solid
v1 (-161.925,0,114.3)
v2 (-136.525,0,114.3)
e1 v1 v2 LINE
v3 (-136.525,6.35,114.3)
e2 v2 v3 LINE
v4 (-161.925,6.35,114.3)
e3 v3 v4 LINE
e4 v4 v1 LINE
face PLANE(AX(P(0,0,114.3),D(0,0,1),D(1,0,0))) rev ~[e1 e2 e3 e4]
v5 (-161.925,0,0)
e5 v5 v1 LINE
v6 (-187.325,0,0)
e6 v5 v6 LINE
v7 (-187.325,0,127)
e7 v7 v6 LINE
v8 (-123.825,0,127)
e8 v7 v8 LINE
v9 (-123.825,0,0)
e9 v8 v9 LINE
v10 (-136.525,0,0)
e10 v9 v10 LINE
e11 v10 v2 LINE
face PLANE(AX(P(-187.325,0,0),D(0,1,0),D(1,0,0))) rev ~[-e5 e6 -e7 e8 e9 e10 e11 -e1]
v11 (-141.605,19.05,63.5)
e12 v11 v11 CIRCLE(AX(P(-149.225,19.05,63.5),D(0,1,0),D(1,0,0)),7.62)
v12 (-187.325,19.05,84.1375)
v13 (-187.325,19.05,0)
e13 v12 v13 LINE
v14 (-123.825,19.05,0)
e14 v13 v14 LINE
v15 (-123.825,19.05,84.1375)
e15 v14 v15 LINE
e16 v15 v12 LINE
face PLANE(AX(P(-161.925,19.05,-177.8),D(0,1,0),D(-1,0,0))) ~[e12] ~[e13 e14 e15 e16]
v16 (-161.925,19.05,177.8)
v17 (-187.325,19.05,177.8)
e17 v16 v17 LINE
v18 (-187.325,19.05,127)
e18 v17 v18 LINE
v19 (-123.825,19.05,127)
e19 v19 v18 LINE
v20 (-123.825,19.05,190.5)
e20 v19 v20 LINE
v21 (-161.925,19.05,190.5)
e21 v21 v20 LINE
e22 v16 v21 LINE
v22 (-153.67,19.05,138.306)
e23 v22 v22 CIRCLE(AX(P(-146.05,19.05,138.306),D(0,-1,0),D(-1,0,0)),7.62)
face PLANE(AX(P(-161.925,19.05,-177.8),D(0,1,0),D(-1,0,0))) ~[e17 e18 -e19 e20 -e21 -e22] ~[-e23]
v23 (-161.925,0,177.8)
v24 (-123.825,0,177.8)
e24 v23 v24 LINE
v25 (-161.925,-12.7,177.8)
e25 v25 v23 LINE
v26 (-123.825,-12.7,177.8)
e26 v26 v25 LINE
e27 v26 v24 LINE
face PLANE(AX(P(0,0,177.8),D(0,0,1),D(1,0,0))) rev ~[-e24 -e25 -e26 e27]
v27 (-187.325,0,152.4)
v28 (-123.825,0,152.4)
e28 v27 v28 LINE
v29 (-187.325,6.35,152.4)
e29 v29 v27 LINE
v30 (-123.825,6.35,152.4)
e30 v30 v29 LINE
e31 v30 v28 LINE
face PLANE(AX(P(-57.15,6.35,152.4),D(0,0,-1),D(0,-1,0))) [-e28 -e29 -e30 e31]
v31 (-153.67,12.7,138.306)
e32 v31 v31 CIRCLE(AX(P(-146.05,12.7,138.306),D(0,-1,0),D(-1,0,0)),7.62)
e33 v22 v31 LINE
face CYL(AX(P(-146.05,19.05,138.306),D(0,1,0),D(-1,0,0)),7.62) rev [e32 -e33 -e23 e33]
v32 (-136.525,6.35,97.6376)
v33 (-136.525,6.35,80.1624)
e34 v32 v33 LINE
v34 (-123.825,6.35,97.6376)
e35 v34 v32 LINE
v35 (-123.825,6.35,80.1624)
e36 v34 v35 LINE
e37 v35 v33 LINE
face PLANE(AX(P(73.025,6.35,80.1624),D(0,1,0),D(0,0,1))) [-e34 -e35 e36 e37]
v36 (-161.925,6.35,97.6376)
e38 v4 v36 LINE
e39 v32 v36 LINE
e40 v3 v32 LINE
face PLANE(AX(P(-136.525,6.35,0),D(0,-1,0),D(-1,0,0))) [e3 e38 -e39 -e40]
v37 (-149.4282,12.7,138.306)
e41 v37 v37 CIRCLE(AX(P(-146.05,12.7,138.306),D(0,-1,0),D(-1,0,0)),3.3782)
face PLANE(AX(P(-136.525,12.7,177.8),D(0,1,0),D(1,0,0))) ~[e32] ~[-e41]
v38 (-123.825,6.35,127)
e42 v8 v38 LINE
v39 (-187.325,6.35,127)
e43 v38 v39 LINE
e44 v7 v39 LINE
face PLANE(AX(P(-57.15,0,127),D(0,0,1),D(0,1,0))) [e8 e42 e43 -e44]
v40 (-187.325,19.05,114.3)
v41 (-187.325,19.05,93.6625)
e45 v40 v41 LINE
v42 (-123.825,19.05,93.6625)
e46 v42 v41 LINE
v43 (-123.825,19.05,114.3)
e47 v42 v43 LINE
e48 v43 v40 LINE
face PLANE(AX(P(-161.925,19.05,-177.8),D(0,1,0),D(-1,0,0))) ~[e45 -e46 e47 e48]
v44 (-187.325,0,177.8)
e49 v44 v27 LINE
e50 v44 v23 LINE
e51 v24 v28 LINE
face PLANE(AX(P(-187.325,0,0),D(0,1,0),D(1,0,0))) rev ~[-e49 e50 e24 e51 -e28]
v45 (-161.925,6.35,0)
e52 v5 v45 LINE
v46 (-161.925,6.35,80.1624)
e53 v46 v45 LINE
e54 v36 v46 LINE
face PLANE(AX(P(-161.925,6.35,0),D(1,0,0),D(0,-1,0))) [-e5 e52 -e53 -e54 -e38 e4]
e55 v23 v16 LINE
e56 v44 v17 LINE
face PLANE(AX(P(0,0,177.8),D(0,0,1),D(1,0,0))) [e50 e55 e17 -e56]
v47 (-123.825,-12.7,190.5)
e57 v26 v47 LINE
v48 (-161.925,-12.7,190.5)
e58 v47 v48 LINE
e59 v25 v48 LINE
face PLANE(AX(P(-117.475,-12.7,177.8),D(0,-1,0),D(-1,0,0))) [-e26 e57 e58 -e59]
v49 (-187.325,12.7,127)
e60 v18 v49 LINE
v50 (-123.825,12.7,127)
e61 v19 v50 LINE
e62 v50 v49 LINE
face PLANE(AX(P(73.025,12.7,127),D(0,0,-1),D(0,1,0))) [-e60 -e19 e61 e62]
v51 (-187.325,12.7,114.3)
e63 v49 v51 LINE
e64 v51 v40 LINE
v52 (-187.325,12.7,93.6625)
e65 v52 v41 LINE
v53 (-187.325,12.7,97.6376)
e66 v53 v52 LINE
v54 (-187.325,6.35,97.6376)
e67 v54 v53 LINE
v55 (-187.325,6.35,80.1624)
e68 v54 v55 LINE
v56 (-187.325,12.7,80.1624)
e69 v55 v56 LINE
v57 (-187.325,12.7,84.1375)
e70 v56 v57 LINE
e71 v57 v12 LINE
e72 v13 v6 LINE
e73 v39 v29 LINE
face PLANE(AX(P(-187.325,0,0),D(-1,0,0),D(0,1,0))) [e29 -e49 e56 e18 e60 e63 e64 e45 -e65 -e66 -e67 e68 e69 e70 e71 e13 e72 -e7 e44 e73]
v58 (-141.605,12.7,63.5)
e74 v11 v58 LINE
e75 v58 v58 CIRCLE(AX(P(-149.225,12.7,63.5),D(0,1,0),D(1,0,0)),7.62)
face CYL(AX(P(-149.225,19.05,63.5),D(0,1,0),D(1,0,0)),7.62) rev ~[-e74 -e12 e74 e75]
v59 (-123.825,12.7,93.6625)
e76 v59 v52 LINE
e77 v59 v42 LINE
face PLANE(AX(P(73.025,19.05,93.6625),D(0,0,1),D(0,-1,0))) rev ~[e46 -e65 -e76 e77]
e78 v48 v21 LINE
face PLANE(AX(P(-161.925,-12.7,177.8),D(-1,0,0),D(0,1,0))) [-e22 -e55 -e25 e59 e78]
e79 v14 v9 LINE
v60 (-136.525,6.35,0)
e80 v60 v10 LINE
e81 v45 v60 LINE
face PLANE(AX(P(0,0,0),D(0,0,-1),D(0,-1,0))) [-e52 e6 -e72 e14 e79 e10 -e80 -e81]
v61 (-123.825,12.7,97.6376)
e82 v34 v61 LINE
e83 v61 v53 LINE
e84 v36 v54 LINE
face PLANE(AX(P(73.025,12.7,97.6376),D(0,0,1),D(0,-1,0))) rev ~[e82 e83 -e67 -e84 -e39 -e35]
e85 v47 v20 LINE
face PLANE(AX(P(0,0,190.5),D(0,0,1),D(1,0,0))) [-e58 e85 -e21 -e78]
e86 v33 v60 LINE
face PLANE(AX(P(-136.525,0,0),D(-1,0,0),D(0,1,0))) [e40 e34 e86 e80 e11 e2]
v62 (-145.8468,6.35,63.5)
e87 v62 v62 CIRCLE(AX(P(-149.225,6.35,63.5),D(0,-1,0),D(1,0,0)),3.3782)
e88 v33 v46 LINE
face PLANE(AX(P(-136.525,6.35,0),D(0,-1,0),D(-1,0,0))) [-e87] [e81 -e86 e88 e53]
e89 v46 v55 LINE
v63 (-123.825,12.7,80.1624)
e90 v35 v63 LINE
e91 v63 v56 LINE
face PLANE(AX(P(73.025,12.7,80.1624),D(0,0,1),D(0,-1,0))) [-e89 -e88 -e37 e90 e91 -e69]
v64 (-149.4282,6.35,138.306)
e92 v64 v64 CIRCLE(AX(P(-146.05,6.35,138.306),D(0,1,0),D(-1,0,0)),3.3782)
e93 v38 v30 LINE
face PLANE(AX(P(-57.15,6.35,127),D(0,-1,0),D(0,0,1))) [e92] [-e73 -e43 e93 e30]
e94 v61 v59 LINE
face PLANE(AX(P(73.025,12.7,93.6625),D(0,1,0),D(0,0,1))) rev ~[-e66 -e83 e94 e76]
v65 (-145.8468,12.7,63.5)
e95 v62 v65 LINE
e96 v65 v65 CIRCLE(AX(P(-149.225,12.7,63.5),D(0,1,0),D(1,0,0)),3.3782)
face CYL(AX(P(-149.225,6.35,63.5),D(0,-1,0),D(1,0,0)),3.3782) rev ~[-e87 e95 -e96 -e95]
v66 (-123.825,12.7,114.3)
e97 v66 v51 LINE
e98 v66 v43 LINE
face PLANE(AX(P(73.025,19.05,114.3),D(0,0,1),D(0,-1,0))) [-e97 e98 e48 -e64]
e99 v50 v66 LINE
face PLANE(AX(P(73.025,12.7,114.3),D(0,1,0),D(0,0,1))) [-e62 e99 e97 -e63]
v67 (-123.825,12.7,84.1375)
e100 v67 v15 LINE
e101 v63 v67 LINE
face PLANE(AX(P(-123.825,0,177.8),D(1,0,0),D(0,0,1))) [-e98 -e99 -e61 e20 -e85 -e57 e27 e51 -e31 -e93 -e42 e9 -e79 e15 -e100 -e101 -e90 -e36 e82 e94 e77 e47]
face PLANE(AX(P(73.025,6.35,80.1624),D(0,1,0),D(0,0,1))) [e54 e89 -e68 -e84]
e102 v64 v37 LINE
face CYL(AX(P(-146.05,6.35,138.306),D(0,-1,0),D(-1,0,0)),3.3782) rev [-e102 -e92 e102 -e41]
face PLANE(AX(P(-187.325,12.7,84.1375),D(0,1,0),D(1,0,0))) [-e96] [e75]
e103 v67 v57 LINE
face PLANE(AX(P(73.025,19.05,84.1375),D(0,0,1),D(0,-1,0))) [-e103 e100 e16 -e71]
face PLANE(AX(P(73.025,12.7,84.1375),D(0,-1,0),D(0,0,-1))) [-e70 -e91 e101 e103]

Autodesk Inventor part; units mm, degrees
ref_plane "YZ Plane" through (0, 0, 0) normal (1, 0, 0) x (0, 1, 0)
ref_plane "XZ Plane" through (0, 0, 0) normal (0, 1, 0) x (-1, 0, 0)
sketch "Sketch3" plane through (0, 0, 0) normal (0, 0, 1) x (1, 0, 0)
  line L0 (0, -9.525) -> (9.525, -9.525)
  line L1 (9.525, -9.525) -> (9.525, 0)
  line L2 (0, 0) -> (0, -9.525) construction
  line L3 (0, 0) -> (9.525, 0) construction
  line L4 (0, -9.525) -> (-9.525, -9.525)
  line L5 (-9.525, -9.525) -> (-9.525, 0)
  line L6 (9.525, 0) -> (73.025, 0)
  line L7 (-187.325, 0) -> (-187.325, 19.05)
  line L8 (-187.325, 0) -> (-9.525, 0)
  line L9 (73.025, 0) -> (73.025, 19.05)
  line L10 (73.025, 19.05) -> (-187.325, 19.05)
  dimension "d0" = 9.525
  dimension "d1" = 9.525
  dimension "d6" = 63.5
  dimension "d8" = 19.05
  dimension "d9" = 177.8
extrude "Extrusion1" add sketch "Sketch3" along normal mid plane 355.6
sketch "Sketch4" plane through (0, 0, 177.8) normal (0, 0, 1) x (1, 0, 0)
  line L0 (-187.325, 19.05) -> (73.025, 19.05) construction
  line L1 (0, 19.05) -> (0, -9.525) construction
  line L2 (9.525, -9.525) -> (-9.525, -9.525) construction
  line L3 (0, -9.525) -> (-22.225, -9.525)
  line L4 (-22.225, -9.525) -> (-22.225, 19.05)
  line L5 (-22.225, 19.05) -> (0, 19.05)
  line L6 (187.325, 19.05) -> (-73.025, 19.05) construction
  line L7 (0, -9.525) -> (22.225, -9.525)
  line L8 (22.225, -9.525) -> (22.225, 19.05)
  line L9 (0, 19.05) -> (22.225, 19.05)
  point P0 (0, 0)
  dimension "d12" = 22.225
extrude "Extrusion2" add sketch "Sketch4" along normal blind 12.7
mirror "Mirror1" about plane through (0, 0, 0) normal (0, 0, 1) of "Extrusion2"
sketch "Sketch6" plane through (-187.325, 0, -177.8) normal (0, -1, 0) x (1, 0, 0)
  line L0 (82.55, 165.1) -> (88.9, 165.1)
  line L1 (88.9, 165.1) -> (88.9, 190.5)
  line L2 (88.9, 190.5) -> (82.55, 190.5)
  line L3 (82.55, 190.5) -> (82.55, 165.1)
  line L4 (82.55, 165.1) -> (88.9, 190.5) construction
  line L5 (88.9, 165.1) -> (82.55, 190.5) construction
  line L6 (177.8, 0) -> (177.8, 355.6) projected
  point P0 (187.325, 177.8)
  point P1 (85.725, 177.8)
  dimension "d16" = 12.7
  dimension "d18" = 6.35
  dimension "d19" = 88.9
extrude "Extrusion3" cut sketch "Sketch6" against normal through all
sketch "Sketch7" plane through (0, 0, 177.8) normal (0, 0, 1) x (1, 0, 0)
  line L0 (-187.325, 19.05) -> (-22.225, 19.05) projected
  line L1 (-161.925, 19.05) -> (-117.475, 19.05)
  line L2 (-117.475, 19.05) -> (-117.475, -12.7)
  line L3 (-117.475, -12.7) -> (-161.925, -12.7)
  line L4 (-161.925, -12.7) -> (-161.925, 19.05)
  line L5 (-187.325, 19.05) -> (-187.325, 0) projected
  point P0 (0, 0)
  dimension "d22" = 44.45
  dimension "d23" = 31.75
  dimension "d24" = 25.4
extrude "Extrusion4" add sketch "Sketch7" along normal blind 12.7
mirror "Mirror2" about plane through (0, 0, 0) normal (0, 0, 1) of "Extrusion4"
sketch "Sketch9" plane through (73.025, 0, 177.8) normal (1, 0, 0) x (0, 0, -1)
  line L0 (355.6, 19.05) -> (0, 19.05) projected
  line L1 (50.8, 19.05) -> (63.5, 19.05)
  line L2 (63.5, 19.05) -> (63.5, 12.7)
  line L3 (63.5, 12.7) -> (50.8, 12.7)
  line L4 (50.8, 12.7) -> (50.8, 19.05)
  line L5 (0, 0) -> (0, 19.05) projected
  point P0 (177.8, 0)
  dimension "d28" = 12.7
  dimension "d29" = 6.35
  dimension "d30" = 50.8
extrude "Extrusion5" cut sketch "Sketch9" against normal through all
mirror "Mirror3" about plane through (0, 0, 0) normal (0, 0, 1) of "Extrusion5"
sketch "Sketch12" plane through (73.025, 0, 177.8) normal (1, 0, 0) x (0, 0, -1)
  line L0 (355.6, 0) -> (0, 0) construction
  line L1 (88.9, 0) -> (88.9, 16.5009) construction
  line L2 (0, 0) -> (0, 19.05) projected
  line L3 (50.8, 19.05) -> (0, 19.05) projected
  line L4 (84.1375, 19.05) -> (84.1375, 12.7)
  line L5 (84.1375, 12.7) -> (80.1624, 12.7)
  line L6 (80.1624, 12.7) -> (80.1624, 6.35)
  line L7 (80.1624, 6.35) -> (88.9, 6.35)
  line L8 (93.6625, 19.05) -> (93.6625, 12.7)
  line L9 (93.6625, 12.7) -> (97.6376, 12.7)
  line L10 (97.6376, 12.7) -> (97.6376, 6.35)
  line L11 (97.6376, 6.35) -> (88.9, 6.35)
  line L12 (84.1375, 19.05) -> (93.6625, 19.05)
  point P0 (177.8, 0)
  dimension "d46" = 88.9
  dimension "d47" = 4.7625
  dimension "d48" = 6.35
  dimension "d49" = 6.35
  dimension "d50" = 8.7376
extrude "Extrusion8" cut sketch "Sketch12" against normal through all
mirror "Mirror4" about plane through (0, 0, 0) normal (0, 0, 1) of "Extrusion8"
ref_plane "Work Plane1" through (-57.15, 0, 177.8) normal (1, 0, 0) x (0, 0, -1)
sketch "Sketch13" plane through (-57.15, 0, 177.8) normal (1, 0, 0) x (0, 0, -1)
  line L0 (25.4, 0) -> (50.8, 0)
  line L1 (50.8, 0) -> (50.8, 6.35)
  line L2 (50.8, 6.35) -> (25.4, 6.35)
  line L3 (25.4, 6.35) -> (25.4, 0)
  line L4 (0, 0) -> (0, 19.05) projected
  point P0 (177.8, 0)
  dimension "d54" = 25.4
  dimension "d55" = 6.35
  dimension "d56" = 25.4
extrude "Extrusion9" cut sketch "Sketch13" along normal mid plane 260.35
mirror "Mirror5" about plane through (0, 0, 0) normal (0, 0, 1) of "Extrusion9"
sketch "Sketch14" plane through (0, 0, 0) normal (0, 0, 1) x (1, 0, 0)
  line L0 (-187.325, 0) -> (-161.925, 0) projected
  line L1 (-161.925, 0) -> (-136.525, 0)
  line L2 (-136.525, 0) -> (-136.525, 6.35)
  line L3 (-136.525, 6.35) -> (-161.925, 6.35)
  line L4 (-161.925, 6.35) -> (-161.925, 0)
  line L5 (-187.325, 19.05) -> (-187.325, 0) projected
  point P0 (0, 0)
  dimension "d59" = 25.4
  dimension "d60" = 6.35
  dimension "d61" = 25.4
extrude "Extrusion10" cut sketch "Sketch14" along normal mid plane 228.6
mirror "Mirror6" about plane through (-57.15, 0, 177.8) normal (1, 0, 0) of "Extrusion10"
sketch "Sketch16" plane through (-161.925, 6.35, -80.1624) normal (0, -1, 0) x (1, 0, 0)
  circle A0 centre (12.7, 143.6624) radius 3.3782
  line L0 (0, 194.4624) -> (25.4, 194.4624) projected
  line L1 (0, -34.1376) -> (0, 194.4624) projected
  point P0 (161.925, 80.1624)
  dimension "d71" = 6.7564
  dimension "d72" = 50.8
  dimension "d73" = 12.7
extrude "Extrusion11" cut sketch "Sketch16" against normal through all
sketch "Sketch17" plane through (-187.325, 19.05, 84.1375) normal (0, 1, 0) x (1, 0, 0)
  circle A0 centre (38.1, 20.6375) radius 3.3782 projected
  circle A1 centre (38.1, 20.6375) radius 7.62
  point P0 (187.325, 84.1375)
  dimension "d76" = 15.24
extrude "Extrusion12" cut sketch "Sketch17" against normal blind 6.35
mirror "Mirror7" about plane through (0, 0, 0) normal (0, 0, 1) of "Extrusion12", "Extrusion11"
mirror "Mirror8" about plane through (-57.15, 0, 177.8) normal (1, 0, 0) of "Extrusion12", "Extrusion11", "Mirror7"
sketch "Sketch18" plane through (-171.45, 6.35, 152.4) normal (0, -1, 0) x (1, 0, 0)
  circle A0 centre (203.2, -14.094) radius 3.3782
  line L0 (228.6, 0) -> (228.6, -25.4) projected
  point P0 (171.45, -152.4)
  dimension "d79" = 6.7564
  dimension "d80" = 25.4
extrude "Extrusion13" cut sketch "Sketch18" against normal through all
sketch "Sketch19" plane through (22.225, 19.05, 177.8) normal (0, 1, 0) x (1, 0, 0)
  circle A0 centre (9.525, 39.494) radius 3.3782 projected
  circle A1 centre (9.525, 39.494) radius 7.62
  point P0 (-22.225, 177.8)
  dimension "d83" = 15.24
extrude "Extrusion14" cut sketch "Sketch19" against normal blind 6.35
mirror "Mirror9" about plane through (-57.15, 0, 177.8) normal (1, 0, 0) of "Extrusion13", "Extrusion14"
mirror "Mirror10" about plane through (0, 0, 0) normal (0, 0, 1) of "Extrusion14", "Extrusion13", "Mirror9"
split "Split3" plane through (-57.15, 0, 177.8) removes the side toward (1, 0, 0)
split "Split4" plane through (0, 0, 0) removes the side toward (0, 0, -1)
ref_plane "Work Plane2" through (-123.825, 0, 177.8) normal (1, 0, 0) x (0, 0, -1)
split "Split5" plane through (-123.825, 0, 177.8) removes the side toward (1, 0, 0)
equation "\"d10\" = length"
equation "\"width\" = 260.35"
equation "\"length\" = 355.6"
equation "\"d53\" = -0.5 * width"
properties part number "BandSawJigBottomA" material "LCP Plastic"
